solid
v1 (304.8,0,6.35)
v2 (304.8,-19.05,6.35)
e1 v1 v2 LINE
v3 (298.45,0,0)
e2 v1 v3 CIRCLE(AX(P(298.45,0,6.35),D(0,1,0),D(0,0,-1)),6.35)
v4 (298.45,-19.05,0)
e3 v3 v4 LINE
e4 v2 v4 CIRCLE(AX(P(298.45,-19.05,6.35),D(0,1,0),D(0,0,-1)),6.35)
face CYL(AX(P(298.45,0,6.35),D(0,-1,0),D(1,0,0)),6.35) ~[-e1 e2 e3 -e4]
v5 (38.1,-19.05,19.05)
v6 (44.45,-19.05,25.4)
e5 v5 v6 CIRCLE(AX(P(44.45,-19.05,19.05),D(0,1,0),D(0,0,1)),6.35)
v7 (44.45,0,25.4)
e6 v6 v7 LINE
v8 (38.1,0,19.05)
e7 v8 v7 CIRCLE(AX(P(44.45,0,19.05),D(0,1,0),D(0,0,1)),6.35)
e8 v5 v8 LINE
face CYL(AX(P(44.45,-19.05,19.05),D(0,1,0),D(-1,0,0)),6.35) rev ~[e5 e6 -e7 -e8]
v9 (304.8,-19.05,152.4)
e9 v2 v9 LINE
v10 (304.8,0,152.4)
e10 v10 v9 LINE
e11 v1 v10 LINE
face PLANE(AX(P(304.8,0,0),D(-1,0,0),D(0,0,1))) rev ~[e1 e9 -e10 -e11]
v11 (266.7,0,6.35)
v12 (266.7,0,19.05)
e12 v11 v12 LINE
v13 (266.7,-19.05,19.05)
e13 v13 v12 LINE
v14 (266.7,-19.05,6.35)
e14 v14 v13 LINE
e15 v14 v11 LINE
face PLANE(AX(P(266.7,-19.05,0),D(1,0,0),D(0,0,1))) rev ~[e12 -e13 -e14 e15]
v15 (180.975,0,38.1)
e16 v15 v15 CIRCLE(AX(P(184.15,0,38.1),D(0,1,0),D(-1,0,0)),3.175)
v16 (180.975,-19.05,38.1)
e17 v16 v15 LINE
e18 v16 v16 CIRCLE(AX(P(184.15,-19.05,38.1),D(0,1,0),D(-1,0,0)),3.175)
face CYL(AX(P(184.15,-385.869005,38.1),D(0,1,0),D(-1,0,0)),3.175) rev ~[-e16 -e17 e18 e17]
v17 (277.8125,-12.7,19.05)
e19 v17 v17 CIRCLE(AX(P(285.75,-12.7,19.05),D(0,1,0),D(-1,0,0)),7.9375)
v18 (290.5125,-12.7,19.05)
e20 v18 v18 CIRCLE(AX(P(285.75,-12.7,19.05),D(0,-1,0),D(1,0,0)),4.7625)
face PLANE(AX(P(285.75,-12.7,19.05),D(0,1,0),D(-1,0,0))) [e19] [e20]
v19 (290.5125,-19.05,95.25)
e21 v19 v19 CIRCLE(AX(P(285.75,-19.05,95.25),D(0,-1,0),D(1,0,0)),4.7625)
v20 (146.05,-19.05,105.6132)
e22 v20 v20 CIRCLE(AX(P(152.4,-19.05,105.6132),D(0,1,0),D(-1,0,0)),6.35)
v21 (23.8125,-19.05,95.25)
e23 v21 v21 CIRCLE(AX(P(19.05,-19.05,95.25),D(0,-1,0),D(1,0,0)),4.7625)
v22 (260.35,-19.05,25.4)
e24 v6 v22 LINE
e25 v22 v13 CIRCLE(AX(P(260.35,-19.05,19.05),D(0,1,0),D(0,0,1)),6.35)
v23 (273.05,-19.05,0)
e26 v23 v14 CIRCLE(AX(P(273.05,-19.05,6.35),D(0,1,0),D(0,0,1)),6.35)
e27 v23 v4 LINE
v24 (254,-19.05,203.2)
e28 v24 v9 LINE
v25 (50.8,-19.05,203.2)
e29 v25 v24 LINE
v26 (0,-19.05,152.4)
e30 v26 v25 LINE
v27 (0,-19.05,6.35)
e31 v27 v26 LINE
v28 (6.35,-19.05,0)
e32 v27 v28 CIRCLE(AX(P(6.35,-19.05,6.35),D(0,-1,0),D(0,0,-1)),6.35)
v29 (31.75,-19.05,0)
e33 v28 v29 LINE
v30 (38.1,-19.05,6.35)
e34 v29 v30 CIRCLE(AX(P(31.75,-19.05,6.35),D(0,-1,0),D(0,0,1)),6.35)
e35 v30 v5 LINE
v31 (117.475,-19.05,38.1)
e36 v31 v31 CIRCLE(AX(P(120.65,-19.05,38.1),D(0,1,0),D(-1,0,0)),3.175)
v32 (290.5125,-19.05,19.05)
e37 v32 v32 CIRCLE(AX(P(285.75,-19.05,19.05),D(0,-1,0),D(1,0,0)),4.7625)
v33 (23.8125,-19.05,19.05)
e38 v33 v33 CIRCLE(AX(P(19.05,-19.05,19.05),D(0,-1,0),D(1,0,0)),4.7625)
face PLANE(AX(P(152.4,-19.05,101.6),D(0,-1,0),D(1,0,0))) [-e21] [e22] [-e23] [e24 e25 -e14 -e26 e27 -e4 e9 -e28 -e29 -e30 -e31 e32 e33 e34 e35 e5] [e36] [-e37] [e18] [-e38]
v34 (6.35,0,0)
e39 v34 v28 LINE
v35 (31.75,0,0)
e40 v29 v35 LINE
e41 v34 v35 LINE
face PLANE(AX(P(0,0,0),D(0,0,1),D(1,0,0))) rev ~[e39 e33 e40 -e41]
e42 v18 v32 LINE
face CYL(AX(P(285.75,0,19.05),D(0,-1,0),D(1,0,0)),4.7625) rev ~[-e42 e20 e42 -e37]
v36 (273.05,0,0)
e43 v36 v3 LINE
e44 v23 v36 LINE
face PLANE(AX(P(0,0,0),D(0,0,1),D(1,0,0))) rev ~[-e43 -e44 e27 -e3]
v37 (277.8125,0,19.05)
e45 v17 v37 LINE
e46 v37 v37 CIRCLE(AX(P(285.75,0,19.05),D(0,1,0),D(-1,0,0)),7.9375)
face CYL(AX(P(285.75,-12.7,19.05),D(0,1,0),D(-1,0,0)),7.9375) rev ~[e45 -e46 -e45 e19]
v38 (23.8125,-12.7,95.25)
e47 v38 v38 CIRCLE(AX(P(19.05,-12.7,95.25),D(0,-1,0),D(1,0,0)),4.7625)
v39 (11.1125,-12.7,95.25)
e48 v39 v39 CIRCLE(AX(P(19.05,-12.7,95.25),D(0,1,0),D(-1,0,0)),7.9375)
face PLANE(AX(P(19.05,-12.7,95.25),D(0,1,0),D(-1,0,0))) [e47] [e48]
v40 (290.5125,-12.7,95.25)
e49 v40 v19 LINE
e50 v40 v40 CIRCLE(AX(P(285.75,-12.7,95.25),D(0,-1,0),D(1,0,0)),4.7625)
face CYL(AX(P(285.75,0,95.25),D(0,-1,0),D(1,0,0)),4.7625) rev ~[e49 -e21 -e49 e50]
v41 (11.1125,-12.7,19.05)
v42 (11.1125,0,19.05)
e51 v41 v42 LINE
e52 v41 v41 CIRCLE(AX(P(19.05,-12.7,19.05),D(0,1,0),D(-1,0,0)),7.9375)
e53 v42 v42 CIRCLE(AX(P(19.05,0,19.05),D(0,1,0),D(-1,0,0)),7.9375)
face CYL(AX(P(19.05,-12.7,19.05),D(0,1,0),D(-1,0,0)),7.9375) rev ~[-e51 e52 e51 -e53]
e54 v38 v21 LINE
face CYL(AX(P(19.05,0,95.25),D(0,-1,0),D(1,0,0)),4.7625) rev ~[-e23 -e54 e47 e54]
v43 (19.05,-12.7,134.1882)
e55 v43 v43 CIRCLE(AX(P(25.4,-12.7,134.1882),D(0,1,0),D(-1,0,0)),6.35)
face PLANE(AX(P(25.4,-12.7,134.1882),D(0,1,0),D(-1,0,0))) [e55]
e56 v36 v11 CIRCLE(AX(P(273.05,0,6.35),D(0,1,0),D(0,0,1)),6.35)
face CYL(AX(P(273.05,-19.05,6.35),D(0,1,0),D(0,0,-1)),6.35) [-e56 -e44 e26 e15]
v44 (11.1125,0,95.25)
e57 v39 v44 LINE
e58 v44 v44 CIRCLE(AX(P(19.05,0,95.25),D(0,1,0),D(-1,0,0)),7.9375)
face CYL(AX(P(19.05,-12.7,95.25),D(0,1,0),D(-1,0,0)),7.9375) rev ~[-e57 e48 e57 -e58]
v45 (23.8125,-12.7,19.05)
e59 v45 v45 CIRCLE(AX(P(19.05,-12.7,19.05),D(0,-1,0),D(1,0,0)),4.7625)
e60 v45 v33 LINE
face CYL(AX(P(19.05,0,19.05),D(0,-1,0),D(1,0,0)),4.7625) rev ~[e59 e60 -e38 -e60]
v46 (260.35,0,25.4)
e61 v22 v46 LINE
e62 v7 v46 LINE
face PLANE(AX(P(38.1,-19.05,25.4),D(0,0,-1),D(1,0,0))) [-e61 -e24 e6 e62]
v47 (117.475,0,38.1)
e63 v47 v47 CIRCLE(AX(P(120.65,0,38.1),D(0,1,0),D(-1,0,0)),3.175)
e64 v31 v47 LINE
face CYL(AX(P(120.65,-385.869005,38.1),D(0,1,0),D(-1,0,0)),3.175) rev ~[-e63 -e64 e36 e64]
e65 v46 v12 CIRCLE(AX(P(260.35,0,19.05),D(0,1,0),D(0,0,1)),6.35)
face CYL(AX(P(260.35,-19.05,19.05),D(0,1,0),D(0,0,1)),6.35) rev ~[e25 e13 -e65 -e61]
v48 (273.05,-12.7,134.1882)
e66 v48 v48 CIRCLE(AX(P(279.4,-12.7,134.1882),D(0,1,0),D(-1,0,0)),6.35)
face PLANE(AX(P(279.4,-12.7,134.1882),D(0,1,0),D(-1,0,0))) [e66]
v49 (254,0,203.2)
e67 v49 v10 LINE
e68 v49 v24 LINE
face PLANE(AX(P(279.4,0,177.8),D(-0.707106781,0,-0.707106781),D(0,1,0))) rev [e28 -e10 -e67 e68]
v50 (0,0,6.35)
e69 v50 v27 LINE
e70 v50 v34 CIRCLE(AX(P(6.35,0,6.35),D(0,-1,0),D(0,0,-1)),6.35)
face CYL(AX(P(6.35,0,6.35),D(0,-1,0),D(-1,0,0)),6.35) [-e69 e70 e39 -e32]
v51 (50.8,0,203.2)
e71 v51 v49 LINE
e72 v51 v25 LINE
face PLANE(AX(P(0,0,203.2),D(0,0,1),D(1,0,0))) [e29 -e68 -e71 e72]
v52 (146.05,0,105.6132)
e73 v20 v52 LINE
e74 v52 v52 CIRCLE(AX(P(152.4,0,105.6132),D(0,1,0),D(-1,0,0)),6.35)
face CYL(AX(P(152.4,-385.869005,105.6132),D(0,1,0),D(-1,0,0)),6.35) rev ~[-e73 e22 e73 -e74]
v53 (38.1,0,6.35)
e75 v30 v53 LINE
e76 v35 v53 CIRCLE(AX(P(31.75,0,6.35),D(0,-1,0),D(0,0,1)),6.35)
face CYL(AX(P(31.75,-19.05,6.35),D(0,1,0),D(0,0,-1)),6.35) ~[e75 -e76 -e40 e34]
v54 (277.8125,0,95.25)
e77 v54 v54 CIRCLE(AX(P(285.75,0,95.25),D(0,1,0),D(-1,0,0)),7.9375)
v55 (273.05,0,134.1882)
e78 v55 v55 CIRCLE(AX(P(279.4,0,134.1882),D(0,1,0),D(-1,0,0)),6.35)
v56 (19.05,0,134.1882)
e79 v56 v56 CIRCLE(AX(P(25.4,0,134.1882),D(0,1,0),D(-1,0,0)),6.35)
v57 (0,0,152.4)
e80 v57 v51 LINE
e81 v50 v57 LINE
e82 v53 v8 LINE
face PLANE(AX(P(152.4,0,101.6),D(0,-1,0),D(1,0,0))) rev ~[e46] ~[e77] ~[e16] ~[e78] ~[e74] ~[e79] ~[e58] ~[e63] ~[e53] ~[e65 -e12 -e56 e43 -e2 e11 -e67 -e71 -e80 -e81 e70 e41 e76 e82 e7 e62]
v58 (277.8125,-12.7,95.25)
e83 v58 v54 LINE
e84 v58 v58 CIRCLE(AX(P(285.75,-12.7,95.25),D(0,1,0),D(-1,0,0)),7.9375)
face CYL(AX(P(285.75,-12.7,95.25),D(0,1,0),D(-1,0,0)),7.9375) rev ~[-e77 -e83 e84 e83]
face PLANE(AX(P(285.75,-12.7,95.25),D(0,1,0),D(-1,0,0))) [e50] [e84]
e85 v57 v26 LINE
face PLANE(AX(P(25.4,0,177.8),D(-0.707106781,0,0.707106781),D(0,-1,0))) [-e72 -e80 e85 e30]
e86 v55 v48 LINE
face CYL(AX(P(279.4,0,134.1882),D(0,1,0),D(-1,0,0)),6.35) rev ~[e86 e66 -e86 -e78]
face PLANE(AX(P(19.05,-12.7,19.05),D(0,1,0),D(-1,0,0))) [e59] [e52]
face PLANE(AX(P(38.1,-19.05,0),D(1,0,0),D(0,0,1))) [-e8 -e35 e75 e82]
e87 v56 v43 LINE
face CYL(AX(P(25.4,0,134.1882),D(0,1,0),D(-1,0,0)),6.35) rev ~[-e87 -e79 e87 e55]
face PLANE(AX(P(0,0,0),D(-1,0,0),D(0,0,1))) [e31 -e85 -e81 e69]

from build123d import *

# Parameters (mm, degrees)
F0_W            = 304.8
F0_H            = 203.2
F1_DEPTH        = 19.05
F2_W            = 228.6
F2_H            = 25.4
F3_DEPTH        = 19.051
F5_D            = 6.35
F6_R            = 6.35
F8_D            = 12.7
F9_R            = 6.35
F10_DEPTH       = 12.7
F12_D           = 9.525
F12_CBORE_D     = 15.875
F12_CBORE_DEPTH = 12.7
F13_SIZE        = 50.8


with BuildPart() as f1:
    # F0 (on Front) → F1 (new body)
    with BuildSketch(Plane.XZ):
        with Locations((152.4, 101.6)):
            Rectangle(F0_W, F0_H)
    extrude(amount=F1_DEPTH)

    # F2 (on face) → F3 (cut, through all)
    with BuildSketch(Plane.XZ.offset(19.05)):
        with Locations((152.4, 12.7)):
            Rectangle(F2_W, F2_H)
    extrude(amount=-F3_DEPTH, mode=Mode.SUBTRACT)

    # F5 (through all)
    with Locations(Plane.XZ.offset(19.05)):
        with Locations((120.65, 38.1), (184.15, 38.1)):
            Hole(F5_D / 2)

    # F6
    f6_edges = [f1.edges().sort_by_distance(p)[0] for p in [
        (38.1, -9.525, 25.4),
        (38.1, -9.525, 0),
        (0, -9.525, 0),
        (266.7, -9.525, 25.4),
        (266.7, -9.525, 0),
        (304.8, -9.525, 0),
    ]]
    fillet(f6_edges, radius=F6_R)

    # F8 (through all)
    with Locations(Plane.XZ.offset(19.05)):
        with Locations((152.4, 105.6132)):
            Hole(F8_D / 2)

    # F9 (on face) → F10 (cut)
    with BuildSketch(Plane(origin=(0, 0, 0), x_dir=(-1, 0, 0), z_dir=(0, 1, 0))):
        with Locations((-25.4, 134.1882)):
            Circle(F9_R)
        with Locations((-279.4, 134.1882)):
            Circle(F9_R)
    extrude(amount=-F10_DEPTH, mode=Mode.SUBTRACT)

    # F12 (through all)
    with Locations(Plane(origin=(0, 0, 0), x_dir=(-1, 0, 0), z_dir=(0, 1, 0))):
        with Locations((-285.75, 95.25), (-285.75, 19.05), (-19.05, 19.05), (-19.05, 95.25)):
            CounterBoreHole(F12_D / 2, F12_CBORE_D / 2, F12_CBORE_DEPTH)

    # F13
    f13_edges = [f1.edges().sort_by_distance(p)[0] for p in [
        (0, -9.525, 203.2),
        (304.8, -9.525, 203.2),
    ]]
    chamfer(f13_edges, length=F13_SIZE)


solid = f1.part
